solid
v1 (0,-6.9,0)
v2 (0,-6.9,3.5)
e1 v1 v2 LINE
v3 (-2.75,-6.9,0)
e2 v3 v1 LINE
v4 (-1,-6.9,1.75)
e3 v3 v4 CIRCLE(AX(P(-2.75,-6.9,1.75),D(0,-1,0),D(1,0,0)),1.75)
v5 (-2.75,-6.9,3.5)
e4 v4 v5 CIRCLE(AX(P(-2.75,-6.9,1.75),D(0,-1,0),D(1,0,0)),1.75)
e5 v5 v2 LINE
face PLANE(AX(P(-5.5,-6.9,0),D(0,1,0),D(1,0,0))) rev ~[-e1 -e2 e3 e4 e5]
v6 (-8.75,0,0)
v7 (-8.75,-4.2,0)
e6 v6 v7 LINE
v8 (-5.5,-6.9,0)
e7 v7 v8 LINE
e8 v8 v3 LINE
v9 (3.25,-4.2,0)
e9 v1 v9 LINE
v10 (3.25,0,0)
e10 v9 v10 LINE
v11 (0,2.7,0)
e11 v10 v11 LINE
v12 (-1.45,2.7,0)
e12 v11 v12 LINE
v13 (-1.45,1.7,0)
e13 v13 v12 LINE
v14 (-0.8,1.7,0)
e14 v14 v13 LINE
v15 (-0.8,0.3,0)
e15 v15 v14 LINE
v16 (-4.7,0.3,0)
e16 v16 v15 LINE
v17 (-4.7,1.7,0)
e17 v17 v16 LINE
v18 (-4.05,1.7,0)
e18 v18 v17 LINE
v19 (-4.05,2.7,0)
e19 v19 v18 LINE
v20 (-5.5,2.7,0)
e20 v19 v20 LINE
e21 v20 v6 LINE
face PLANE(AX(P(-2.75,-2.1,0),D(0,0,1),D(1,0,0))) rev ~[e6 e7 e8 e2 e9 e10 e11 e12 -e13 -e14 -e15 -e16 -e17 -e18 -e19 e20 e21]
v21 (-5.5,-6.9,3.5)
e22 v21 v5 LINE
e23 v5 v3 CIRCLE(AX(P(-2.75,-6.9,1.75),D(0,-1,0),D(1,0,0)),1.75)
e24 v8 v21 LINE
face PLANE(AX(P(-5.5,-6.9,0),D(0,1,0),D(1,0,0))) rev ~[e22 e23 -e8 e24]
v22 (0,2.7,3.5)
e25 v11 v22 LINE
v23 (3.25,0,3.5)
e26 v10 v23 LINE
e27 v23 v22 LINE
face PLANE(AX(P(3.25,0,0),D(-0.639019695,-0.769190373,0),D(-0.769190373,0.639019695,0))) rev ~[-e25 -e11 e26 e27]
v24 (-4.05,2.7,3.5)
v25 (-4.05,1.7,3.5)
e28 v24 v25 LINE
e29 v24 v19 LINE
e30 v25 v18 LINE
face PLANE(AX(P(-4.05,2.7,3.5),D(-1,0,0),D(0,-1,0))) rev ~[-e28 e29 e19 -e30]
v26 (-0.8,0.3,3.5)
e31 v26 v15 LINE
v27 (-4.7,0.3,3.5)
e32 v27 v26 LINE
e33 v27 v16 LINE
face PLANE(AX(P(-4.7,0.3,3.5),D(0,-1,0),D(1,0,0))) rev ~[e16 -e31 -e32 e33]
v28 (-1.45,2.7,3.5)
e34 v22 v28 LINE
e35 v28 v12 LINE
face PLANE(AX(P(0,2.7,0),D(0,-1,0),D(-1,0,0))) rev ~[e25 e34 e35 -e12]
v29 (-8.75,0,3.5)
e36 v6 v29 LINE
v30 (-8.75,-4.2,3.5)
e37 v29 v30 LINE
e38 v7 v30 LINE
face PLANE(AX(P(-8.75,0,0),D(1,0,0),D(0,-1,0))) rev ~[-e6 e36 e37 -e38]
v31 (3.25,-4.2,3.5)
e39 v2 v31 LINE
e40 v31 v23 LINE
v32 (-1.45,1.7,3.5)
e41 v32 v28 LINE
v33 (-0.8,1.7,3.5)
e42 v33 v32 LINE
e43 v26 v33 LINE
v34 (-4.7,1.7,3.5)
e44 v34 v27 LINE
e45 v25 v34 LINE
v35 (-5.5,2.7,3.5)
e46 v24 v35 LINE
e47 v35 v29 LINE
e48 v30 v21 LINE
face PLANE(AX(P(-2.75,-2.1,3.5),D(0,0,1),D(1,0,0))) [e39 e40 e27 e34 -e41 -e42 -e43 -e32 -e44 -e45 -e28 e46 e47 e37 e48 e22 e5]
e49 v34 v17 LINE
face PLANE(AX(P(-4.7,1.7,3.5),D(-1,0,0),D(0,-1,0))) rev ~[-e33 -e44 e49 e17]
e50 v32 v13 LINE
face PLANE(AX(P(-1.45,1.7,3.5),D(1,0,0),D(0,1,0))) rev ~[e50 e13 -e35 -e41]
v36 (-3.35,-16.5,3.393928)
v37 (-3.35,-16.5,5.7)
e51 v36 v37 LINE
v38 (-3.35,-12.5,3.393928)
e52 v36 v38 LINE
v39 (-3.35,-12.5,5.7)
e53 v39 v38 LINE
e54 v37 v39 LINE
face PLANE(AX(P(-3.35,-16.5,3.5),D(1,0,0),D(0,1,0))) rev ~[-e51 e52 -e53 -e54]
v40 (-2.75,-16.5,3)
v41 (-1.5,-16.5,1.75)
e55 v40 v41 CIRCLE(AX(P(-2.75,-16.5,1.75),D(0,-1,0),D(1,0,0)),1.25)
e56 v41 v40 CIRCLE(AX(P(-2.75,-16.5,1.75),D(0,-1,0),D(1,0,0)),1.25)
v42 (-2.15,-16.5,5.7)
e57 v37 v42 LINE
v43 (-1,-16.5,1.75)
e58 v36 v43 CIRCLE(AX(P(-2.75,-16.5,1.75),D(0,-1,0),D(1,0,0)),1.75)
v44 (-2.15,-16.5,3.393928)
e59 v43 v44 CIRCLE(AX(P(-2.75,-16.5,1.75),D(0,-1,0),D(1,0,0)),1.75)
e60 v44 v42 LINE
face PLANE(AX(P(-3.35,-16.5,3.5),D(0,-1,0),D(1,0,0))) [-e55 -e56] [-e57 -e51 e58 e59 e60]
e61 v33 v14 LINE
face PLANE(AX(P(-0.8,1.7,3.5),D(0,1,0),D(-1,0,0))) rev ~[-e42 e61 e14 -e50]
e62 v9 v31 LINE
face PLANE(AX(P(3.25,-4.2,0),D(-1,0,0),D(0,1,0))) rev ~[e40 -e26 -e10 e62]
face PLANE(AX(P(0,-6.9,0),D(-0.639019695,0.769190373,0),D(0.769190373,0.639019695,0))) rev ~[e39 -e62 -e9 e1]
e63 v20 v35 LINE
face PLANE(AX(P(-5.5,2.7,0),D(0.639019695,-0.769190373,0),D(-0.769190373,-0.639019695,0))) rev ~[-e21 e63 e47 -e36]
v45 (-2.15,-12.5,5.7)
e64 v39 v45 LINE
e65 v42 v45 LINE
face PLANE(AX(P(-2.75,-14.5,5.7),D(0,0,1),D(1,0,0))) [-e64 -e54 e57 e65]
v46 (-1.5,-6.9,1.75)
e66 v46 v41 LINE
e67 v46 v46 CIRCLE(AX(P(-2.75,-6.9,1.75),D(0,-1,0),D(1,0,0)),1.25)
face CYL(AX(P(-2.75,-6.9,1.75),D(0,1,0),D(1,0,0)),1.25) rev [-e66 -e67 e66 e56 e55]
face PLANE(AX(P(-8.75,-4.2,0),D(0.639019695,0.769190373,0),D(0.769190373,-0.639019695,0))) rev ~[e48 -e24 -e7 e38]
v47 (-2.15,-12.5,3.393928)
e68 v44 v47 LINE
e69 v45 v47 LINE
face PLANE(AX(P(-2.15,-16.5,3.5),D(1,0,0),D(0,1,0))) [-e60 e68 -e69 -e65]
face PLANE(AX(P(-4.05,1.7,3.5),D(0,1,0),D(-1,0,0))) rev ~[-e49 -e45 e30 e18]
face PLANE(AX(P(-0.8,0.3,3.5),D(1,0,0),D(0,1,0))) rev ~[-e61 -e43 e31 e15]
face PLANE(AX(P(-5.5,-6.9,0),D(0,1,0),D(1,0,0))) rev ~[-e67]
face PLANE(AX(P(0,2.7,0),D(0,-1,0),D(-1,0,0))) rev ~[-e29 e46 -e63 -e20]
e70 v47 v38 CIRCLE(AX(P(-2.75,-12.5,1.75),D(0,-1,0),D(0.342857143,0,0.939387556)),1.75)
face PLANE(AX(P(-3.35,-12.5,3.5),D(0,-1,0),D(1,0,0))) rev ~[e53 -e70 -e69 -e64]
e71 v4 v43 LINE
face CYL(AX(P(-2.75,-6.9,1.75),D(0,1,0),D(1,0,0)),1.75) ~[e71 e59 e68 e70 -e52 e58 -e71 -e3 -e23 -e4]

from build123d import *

# Parameters (mm, degrees)
F1_DEPTH      = 3.5
F2_R          = 1.75
F2_R_2        = 1.25
F3_DEPTH      = 9.6
F5_DEPTH      = 3.501
F6_W          = 1.2
F6_H          = 4
F7_DEPTH      = 2.2
F7_DEPTH_BACK = 0.5


with BuildPart() as f1:
    # F0 (on Top) → F1 (new body)
    with BuildSketch(Plane.XY):
        Polygon((0, 2.7), (-5.5, 2.7), (-8.75, 0), (-8.75, -4.2), (-5.5, -6.9), (0, -6.9), (3.25, -4.2), (3.25, 0), align=None)
    extrude(amount=F1_DEPTH)

    # F2 (on face) → F3 (join)
    with BuildSketch(Plane.XZ.offset(6.9)):
        with Locations((-2.75, 1.75)):
            Circle(F2_R)
        with Locations((-2.75, 1.75)):
            Circle(F2_R_2, mode=Mode.SUBTRACT)
    extrude(amount=F3_DEPTH)

    # F4 (on face) → F5 (cut, through all)
    with BuildSketch(Plane.XY.offset(3.5)):
        Polygon((-1.45, 2.7), (-4.05, 2.7), (-4.05, 1.7), (-4.7, 1.7), (-4.7, 0.3), (-0.8, 0.3), (-0.8, 1.7), (-1.45, 1.7), align=None)
    extrude(amount=-F5_DEPTH, mode=Mode.SUBTRACT)

    # F6 (on face) → F7 (join, two sides)
    with BuildSketch(Plane.XY.offset(3.5)) as f7_sk:
        with Locations((-2.75, -14.5)):
            Rectangle(F6_W, F6_H)
    extrude(amount=F7_DEPTH)
    extrude(f7_sk.sketch, amount=-F7_DEPTH_BACK)


solid = f1.part
